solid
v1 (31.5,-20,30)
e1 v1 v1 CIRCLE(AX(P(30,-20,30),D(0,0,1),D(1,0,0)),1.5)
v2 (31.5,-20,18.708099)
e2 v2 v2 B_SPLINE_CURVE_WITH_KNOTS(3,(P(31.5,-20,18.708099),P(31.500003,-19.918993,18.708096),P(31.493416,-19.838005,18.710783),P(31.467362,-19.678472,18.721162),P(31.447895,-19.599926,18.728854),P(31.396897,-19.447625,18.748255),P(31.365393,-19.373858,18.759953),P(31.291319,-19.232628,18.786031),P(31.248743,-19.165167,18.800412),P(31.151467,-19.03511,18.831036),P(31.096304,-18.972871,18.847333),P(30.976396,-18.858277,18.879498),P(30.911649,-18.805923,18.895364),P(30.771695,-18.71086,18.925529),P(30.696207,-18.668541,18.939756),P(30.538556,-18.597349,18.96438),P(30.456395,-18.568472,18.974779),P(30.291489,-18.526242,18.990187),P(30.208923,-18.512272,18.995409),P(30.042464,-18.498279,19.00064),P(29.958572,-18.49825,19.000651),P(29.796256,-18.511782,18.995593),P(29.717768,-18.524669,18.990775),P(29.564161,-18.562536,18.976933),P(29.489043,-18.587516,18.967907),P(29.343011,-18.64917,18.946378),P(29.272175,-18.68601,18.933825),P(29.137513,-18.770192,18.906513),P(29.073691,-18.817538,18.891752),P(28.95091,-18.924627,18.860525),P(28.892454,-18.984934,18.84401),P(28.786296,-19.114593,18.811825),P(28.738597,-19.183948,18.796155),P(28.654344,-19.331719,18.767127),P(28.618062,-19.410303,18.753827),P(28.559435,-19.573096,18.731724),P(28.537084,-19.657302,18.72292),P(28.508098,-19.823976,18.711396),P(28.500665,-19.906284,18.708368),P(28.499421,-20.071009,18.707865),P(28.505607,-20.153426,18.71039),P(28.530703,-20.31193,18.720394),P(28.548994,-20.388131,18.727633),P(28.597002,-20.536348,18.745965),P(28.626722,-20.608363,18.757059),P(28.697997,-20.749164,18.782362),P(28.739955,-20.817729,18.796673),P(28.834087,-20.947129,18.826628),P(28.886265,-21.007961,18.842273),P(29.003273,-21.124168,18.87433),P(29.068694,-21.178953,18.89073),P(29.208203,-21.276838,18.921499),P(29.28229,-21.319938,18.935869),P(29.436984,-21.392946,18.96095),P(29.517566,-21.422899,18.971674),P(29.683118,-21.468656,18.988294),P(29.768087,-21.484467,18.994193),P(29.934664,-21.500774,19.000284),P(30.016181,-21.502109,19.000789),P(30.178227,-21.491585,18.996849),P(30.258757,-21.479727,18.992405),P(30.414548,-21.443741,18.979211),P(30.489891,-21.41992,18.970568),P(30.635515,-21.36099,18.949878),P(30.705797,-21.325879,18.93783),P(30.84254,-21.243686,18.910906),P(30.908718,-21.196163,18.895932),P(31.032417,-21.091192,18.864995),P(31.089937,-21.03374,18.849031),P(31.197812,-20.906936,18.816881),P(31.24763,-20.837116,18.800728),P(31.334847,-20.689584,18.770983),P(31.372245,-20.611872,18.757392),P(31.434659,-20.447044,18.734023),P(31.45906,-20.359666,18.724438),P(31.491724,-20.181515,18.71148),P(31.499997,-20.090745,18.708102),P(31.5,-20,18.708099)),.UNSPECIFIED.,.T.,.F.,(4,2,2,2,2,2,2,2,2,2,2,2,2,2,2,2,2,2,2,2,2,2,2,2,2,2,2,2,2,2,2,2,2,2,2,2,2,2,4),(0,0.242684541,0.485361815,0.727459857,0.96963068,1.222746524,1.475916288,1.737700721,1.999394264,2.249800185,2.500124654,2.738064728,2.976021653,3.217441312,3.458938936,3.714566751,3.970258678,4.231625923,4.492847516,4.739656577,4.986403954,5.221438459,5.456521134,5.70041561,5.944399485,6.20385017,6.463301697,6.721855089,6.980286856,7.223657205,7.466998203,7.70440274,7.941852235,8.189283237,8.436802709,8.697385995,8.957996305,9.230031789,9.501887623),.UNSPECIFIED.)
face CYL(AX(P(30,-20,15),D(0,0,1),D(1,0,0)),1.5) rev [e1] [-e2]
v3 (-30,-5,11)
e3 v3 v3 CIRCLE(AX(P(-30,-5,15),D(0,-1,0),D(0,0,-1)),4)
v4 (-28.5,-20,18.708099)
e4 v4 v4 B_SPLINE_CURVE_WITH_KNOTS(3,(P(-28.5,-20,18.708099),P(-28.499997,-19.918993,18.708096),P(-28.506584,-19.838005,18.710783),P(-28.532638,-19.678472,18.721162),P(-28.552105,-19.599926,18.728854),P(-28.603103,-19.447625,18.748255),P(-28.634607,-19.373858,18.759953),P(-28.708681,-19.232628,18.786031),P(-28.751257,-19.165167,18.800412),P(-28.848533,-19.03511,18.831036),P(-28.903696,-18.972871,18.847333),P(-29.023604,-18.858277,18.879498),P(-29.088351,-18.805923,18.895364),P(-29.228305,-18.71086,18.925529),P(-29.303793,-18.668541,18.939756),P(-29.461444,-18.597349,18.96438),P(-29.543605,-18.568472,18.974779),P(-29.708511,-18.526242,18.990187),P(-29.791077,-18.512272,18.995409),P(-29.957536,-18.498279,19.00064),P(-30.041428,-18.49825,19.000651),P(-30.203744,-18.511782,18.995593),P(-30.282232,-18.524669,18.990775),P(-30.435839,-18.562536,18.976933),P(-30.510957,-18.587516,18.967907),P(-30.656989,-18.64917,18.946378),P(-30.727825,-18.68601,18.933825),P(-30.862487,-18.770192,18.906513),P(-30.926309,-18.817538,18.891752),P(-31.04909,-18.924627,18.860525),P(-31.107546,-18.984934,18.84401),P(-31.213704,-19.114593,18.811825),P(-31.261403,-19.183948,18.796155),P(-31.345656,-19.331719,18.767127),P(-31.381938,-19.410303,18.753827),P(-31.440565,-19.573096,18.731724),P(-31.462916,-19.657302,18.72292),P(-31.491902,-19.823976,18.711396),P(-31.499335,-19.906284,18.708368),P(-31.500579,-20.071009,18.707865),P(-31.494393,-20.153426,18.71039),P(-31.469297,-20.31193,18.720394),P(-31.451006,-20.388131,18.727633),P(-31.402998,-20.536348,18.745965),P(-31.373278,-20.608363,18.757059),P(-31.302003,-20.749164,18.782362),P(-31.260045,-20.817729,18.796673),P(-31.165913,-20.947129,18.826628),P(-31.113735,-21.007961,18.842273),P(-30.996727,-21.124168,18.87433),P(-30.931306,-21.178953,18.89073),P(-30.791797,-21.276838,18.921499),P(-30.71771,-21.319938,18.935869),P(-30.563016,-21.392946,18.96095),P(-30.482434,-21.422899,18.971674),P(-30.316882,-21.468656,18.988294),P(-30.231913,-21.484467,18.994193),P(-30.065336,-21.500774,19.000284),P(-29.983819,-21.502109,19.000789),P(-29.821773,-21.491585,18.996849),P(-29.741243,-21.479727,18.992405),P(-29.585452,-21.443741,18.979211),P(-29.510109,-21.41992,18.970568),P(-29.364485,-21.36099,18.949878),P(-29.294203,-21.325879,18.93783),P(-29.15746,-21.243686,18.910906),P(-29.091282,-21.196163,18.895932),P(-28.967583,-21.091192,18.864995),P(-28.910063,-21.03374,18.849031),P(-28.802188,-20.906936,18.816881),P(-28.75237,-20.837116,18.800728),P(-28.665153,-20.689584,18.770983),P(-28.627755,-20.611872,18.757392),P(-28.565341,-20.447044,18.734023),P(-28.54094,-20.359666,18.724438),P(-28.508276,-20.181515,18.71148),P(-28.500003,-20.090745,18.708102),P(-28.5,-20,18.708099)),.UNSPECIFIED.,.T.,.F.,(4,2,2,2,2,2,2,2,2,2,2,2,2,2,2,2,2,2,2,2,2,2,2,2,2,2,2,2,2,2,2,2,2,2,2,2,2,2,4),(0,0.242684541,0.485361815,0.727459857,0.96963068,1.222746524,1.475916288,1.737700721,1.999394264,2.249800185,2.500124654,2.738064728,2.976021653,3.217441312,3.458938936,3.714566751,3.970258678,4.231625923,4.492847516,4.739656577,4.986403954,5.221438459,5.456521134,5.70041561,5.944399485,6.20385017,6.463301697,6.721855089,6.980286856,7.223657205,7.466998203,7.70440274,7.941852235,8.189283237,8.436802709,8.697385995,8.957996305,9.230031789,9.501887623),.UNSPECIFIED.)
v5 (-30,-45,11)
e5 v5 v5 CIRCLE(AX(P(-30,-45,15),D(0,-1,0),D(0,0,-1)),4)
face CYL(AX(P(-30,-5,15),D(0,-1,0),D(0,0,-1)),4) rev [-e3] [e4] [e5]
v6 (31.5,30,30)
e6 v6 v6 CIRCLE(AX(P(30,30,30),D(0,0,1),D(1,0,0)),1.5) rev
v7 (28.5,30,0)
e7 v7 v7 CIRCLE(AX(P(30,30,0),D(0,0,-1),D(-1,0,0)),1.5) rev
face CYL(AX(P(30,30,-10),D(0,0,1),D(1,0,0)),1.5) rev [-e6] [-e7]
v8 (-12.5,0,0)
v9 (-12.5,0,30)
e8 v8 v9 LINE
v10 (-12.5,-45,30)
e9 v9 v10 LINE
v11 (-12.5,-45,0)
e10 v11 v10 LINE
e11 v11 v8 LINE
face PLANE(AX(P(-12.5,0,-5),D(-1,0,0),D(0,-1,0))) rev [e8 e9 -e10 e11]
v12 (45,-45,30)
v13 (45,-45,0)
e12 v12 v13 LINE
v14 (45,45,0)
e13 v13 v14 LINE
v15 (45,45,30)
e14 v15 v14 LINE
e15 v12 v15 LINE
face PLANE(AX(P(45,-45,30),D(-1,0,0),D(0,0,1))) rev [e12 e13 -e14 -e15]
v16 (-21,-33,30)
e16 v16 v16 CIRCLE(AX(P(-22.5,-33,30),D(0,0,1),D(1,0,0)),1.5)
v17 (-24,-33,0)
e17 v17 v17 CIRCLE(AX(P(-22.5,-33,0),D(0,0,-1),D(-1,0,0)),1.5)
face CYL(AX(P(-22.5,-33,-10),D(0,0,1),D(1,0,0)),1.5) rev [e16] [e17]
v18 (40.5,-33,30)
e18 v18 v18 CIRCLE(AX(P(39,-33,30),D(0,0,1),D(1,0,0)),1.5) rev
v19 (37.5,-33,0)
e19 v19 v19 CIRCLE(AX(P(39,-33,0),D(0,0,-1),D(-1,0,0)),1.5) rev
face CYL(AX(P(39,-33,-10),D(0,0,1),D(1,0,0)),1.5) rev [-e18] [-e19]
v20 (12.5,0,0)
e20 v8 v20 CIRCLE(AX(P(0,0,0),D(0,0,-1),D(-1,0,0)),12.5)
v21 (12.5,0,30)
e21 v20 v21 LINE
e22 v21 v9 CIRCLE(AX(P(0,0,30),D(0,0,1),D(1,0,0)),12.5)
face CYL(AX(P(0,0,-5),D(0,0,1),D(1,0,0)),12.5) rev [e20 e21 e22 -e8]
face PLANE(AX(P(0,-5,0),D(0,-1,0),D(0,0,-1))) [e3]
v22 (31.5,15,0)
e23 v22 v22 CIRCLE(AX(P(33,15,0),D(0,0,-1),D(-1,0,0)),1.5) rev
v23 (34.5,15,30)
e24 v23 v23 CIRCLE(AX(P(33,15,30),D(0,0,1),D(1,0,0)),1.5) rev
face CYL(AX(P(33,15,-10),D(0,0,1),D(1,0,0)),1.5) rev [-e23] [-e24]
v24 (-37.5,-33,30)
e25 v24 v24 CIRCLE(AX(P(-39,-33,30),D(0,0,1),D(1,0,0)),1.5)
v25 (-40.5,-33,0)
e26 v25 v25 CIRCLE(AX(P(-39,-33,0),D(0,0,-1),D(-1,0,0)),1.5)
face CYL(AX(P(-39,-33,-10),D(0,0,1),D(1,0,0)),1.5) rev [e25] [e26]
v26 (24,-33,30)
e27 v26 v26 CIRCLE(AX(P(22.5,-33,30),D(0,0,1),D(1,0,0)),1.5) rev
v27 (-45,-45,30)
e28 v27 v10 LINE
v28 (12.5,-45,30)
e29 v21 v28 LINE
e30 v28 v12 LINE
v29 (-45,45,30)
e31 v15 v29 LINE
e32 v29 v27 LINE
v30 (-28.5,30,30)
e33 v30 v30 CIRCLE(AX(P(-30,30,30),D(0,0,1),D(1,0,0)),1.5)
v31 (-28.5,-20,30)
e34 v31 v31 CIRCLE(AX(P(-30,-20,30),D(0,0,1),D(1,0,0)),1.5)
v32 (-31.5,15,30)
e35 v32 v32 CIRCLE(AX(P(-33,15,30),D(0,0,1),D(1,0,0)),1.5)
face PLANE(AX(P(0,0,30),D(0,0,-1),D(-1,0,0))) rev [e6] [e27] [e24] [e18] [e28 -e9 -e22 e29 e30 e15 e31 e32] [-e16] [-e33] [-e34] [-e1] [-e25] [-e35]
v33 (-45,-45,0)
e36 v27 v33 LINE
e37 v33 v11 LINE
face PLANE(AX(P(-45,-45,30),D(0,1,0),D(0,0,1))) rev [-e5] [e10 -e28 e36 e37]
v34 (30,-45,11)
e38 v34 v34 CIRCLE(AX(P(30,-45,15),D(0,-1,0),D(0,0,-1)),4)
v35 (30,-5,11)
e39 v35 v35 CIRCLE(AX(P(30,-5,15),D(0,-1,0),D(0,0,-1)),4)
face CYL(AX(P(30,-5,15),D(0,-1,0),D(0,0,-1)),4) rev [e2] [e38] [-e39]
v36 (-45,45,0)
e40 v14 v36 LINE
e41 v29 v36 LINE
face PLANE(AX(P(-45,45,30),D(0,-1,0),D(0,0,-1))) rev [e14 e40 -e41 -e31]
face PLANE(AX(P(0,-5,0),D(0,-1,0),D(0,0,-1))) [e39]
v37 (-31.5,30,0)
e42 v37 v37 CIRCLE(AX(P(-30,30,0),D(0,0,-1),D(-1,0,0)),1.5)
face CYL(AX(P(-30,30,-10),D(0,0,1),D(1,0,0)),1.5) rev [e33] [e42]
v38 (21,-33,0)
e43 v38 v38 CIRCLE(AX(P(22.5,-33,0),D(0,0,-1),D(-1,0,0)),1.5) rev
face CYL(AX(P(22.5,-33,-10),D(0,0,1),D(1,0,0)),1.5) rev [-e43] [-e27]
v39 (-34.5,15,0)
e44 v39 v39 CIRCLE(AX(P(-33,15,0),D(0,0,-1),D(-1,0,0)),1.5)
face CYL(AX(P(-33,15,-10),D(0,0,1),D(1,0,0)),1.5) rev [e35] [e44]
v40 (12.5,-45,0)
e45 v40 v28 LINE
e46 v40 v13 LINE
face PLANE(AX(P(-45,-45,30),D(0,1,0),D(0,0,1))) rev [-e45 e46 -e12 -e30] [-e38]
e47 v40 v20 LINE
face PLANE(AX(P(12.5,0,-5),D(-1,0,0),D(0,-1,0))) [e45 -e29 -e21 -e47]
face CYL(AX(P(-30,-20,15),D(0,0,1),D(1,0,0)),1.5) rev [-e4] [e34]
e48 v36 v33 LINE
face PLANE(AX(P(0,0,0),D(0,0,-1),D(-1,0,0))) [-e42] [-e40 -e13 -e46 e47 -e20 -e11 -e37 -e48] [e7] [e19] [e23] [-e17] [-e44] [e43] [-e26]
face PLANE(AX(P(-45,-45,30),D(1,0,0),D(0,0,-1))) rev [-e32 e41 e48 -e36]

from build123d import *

# Parameters (mm, degrees)
SKETCH1_W           = 90
SKETCH1_H           = 90
BOSS_EXTRUDE1_DEPTH = 30
SKETCH2_R           = 4
CUT_EXTRUDE1_DEPTH  = 40
SKETCH3_R           = 12.5
CUT_EXTRUDE2_DEPTH  = 35
SKETCH5_R           = 1.5
CUT_EXTRUDE3_DEPTH  = 40
SKETCH9_R           = 1.5
CUT_EXTRUDE4_DEPTH  = 15


with BuildPart() as part:
    # Sketch1 → Boss-Extrude1 (new body)
    with BuildSketch(Plane.XY):
        Rectangle(SKETCH1_W, SKETCH1_H)
    extrude(amount=BOSS_EXTRUDE1_DEPTH)

    # Sketch2 → Cut-Extrude1 (cut)
    with BuildSketch(Plane.XZ.offset(45)):
        with Locations(Location((-30, 15, 0), (0, 0, 270))):
            Circle(SKETCH2_R)
        with Locations(Location((30, 15, 0), (0, 0, 270))):
            Circle(SKETCH2_R)
    extrude(amount=-CUT_EXTRUDE1_DEPTH, mode=Mode.SUBTRACT)

    # Sketch3 → Cut-Extrude2 (cut)
    with BuildSketch(Plane.XY.offset(30)):
        with BuildLine():
            Line((12.5, -45), (12.5, 0))
            ThreePointArc((12.5, 0), (0, -12.5), (-12.5, 0))
            Line((-12.5, 0), (-12.5, -45))
            Line((-12.5, -45), (12.5, -45))
        make_face()
        Circle(SKETCH3_R)
    extrude(amount=-CUT_EXTRUDE2_DEPTH, mode=Mode.SUBTRACT)

    # Sketch5 → Cut-Extrude3 (cut)
    with BuildSketch(Plane.XY.offset(30)):
        with Locations((-30, 30)):
            Circle(SKETCH5_R)
        with Locations((-33, 15)):
            Circle(SKETCH5_R)
        with Locations((30, 30)):
            Circle(SKETCH5_R)
        with Locations((33, 15)):
            Circle(SKETCH5_R)
        with Locations((39, -33)):
            Circle(SKETCH5_R)
        with Locations((22.5, -33)):
            Circle(SKETCH5_R)
        with Locations((-22.5, -33)):
            Circle(SKETCH5_R)
        with Locations((-39, -33)):
            Circle(SKETCH5_R)
    extrude(amount=-CUT_EXTRUDE3_DEPTH, mode=Mode.SUBTRACT)

    # Sketch9 → Cut-Extrude4 (cut)
    with BuildSketch(Plane.XY.offset(30)):
        with Locations((-30, -20)):
            Circle(SKETCH9_R)
        with Locations((30, -20)):
            Circle(SKETCH9_R)
    extrude(amount=-CUT_EXTRUDE4_DEPTH, mode=Mode.SUBTRACT)


solid = part.part
